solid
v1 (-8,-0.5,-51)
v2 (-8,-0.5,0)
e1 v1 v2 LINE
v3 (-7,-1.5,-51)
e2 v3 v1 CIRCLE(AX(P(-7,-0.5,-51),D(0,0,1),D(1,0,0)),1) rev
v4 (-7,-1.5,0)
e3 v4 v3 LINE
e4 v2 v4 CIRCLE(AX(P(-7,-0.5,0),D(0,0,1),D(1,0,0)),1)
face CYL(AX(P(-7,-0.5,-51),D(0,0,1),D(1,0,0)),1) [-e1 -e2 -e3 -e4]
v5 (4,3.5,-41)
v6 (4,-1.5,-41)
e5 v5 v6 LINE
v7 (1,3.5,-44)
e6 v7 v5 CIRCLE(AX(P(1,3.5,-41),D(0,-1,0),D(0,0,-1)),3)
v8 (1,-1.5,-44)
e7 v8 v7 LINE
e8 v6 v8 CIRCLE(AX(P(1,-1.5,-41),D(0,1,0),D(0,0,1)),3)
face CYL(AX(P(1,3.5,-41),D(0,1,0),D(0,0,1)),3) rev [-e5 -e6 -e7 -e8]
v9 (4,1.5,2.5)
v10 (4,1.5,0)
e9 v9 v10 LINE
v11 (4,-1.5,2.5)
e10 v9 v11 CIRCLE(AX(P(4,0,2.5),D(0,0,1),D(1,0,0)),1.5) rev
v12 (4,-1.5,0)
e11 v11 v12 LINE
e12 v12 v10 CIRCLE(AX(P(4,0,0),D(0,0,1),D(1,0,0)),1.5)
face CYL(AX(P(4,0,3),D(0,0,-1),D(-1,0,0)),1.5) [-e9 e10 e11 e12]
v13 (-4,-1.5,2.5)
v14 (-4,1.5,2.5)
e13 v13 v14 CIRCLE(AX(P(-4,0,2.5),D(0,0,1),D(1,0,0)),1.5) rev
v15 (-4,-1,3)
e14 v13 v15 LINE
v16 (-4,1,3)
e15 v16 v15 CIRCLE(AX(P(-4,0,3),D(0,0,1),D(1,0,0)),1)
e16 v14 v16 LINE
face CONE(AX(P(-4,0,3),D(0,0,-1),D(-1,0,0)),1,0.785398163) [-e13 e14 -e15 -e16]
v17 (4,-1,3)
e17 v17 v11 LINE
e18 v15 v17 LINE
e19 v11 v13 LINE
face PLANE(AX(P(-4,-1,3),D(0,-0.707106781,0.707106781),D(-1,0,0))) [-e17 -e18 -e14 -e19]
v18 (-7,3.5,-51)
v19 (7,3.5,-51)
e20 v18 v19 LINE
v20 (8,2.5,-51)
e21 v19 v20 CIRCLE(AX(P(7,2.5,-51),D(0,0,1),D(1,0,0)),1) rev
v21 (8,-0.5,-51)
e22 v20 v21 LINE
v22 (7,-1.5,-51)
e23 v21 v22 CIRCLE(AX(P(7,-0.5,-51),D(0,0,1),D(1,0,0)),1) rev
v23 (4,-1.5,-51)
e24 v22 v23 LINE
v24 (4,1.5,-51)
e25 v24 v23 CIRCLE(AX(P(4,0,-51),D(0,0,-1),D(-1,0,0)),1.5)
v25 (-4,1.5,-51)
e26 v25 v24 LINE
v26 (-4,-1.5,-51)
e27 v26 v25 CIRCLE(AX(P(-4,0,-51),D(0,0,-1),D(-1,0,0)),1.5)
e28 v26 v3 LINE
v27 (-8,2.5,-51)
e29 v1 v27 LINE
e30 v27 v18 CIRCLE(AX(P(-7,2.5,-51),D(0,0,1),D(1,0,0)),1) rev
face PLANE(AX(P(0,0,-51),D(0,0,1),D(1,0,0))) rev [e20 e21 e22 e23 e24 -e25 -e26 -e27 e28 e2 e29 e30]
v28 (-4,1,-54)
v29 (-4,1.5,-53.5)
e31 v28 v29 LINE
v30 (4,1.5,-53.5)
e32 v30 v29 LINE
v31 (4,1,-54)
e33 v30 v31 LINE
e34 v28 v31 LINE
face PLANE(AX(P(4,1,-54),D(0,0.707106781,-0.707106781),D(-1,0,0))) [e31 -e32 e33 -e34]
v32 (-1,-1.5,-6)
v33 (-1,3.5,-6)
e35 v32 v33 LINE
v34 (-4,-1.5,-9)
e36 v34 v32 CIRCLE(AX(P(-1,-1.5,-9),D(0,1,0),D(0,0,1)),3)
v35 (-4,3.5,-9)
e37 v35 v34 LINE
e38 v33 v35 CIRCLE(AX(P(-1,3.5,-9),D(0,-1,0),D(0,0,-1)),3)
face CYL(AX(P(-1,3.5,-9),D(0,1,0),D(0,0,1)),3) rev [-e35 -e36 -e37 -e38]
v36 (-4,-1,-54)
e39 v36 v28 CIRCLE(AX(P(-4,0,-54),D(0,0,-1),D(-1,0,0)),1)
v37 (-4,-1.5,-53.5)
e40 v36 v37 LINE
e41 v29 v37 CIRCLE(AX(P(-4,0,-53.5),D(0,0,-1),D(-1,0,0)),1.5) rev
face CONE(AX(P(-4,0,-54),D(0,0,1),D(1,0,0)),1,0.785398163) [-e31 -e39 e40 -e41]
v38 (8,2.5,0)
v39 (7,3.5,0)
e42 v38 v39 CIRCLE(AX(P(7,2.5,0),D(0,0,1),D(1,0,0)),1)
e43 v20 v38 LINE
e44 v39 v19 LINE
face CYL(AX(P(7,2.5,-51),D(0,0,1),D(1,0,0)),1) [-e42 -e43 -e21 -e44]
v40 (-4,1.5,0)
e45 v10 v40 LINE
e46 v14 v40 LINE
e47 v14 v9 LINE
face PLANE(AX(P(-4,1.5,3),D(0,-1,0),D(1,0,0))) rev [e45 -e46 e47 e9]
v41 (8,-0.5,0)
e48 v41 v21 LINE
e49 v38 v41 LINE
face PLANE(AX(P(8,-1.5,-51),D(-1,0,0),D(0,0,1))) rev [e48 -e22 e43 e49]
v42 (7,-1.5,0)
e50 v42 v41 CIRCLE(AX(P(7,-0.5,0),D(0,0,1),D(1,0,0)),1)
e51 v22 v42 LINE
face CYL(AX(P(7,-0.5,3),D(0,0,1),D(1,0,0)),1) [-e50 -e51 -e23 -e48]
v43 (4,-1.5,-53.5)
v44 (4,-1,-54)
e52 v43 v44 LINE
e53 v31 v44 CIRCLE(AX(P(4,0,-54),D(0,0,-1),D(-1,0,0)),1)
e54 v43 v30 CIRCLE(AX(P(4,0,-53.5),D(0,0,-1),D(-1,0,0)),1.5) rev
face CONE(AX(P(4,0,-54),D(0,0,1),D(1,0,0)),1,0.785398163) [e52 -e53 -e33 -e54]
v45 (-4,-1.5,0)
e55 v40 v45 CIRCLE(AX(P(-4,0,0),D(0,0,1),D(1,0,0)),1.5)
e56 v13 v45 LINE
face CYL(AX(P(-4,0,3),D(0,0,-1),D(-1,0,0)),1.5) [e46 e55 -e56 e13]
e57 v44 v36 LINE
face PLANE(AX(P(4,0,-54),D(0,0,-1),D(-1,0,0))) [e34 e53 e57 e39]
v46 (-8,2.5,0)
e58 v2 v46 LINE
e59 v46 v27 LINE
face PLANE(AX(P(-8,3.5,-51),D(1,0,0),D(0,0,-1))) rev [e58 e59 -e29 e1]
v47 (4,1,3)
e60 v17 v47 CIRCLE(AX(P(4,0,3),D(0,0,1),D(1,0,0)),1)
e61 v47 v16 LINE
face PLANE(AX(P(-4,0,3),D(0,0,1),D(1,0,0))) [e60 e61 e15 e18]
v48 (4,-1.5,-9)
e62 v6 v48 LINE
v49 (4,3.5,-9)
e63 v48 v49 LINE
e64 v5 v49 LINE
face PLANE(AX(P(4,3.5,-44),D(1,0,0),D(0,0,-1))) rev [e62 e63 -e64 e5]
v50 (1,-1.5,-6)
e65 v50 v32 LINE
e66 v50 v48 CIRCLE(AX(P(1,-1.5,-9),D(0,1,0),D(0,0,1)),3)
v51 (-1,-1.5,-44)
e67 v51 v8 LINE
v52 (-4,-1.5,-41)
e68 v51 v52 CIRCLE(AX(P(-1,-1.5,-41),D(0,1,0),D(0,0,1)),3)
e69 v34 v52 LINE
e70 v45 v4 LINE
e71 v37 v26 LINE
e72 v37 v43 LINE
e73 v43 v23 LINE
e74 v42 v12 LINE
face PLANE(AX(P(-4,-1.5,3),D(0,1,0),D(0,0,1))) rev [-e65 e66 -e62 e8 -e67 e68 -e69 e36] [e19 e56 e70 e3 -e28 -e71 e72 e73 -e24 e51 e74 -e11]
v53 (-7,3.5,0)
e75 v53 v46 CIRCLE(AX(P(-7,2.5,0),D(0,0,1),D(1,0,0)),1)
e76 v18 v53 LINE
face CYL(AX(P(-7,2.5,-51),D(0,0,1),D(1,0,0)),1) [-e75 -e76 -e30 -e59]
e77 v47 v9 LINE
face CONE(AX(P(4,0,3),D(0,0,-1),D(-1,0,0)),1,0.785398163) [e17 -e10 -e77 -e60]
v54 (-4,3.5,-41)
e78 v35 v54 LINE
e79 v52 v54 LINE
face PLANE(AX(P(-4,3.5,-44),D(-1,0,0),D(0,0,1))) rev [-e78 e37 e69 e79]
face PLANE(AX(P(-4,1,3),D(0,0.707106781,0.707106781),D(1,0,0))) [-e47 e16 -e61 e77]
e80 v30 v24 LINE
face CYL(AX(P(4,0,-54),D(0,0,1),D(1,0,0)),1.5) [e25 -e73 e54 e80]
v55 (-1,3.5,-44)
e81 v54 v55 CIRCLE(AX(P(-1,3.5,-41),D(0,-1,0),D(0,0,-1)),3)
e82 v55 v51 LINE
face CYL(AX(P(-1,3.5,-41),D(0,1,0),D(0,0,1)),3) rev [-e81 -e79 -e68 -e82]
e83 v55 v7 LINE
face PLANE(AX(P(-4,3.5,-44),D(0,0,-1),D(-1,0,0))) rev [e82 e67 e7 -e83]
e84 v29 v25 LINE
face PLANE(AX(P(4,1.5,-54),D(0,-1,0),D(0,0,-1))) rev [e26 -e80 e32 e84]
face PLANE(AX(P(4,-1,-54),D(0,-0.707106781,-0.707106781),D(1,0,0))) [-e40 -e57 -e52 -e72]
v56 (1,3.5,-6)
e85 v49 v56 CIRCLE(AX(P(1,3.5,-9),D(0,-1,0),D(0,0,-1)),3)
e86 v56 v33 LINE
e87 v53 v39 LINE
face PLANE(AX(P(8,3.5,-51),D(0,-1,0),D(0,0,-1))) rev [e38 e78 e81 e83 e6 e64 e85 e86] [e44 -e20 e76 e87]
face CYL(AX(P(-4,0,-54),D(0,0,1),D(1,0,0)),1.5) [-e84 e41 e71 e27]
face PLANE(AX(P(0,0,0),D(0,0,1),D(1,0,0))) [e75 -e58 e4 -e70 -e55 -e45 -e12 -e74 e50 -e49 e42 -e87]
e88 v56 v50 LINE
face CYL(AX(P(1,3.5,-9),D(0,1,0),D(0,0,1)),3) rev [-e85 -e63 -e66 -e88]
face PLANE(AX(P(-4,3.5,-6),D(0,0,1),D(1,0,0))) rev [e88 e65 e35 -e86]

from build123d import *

# Parameters (mm, degrees)
EXTRUDE_1_DEPTH     = 3
SKETCH_2_W          = 16
SKETCH_2_H          = 5
EXTRUDE_2_DEPTH     = 51
EXTRUDE_START       = 3
EXTRUDE_3_DEPTH     = 3
FILLET_1_R          = 1
CHAMFER_1_SIZE      = 0.5
SKETCH_4_W          = 8
SKETCH_4_H          = 38
CUT_EXTRUDE_1_DEPTH = 55.817880295
FILLET_2_R          = 3


with BuildPart() as part:
    # 草图1 → 凸台-拉伸1 (new body)
    with BuildSketch(Plane.XY):
        with BuildLine():
            Line((-4, 1.5), (4, 1.5))
            ThreePointArc((4, 1.5), (5.5, 0), (4, -1.5))
            Line((4, -1.5), (-4, -1.5))
            ThreePointArc((-4, -1.5), (-5.5, 0), (-4, 1.5))
        make_face()
    extrude(amount=EXTRUDE_1_DEPTH)

    # 草图2 → 凸台-拉伸2 (add)
    with BuildSketch(Plane(origin=(0, 0, 0), x_dir=(-1, 0, 0), z_dir=(0, 0, -1))):
        with Locations((0, 1)):
            Rectangle(SKETCH_2_W, SKETCH_2_H)
    extrude(amount=EXTRUDE_2_DEPTH)

    # 草图3 → 凸台-拉伸3 (add)
    with BuildSketch(Plane(origin=(0, 0, -51), x_dir=(-1, 0, 0), z_dir=(0, 0, -1)).offset(EXTRUDE_START)):
        with BuildLine():
            Line((-4, 1.5), (4, 1.5))
            ThreePointArc((4, 1.5), (5.5, 0), (4, -1.5))
            Line((4, -1.5), (-4, -1.5))
            ThreePointArc((-4, -1.5), (-5.5, 0), (-4, 1.5))
        make_face()
    extrude(amount=-EXTRUDE_3_DEPTH)

    # 圆角1
    fillet_1_edges = [part.edges().sort_by_distance(p)[0] for p in [
        (-8, -1.5, -25.5),
        (-8, 3.5, -25.5),
        (8, 3.5, -25.5),
        (8, -1.5, -25.5),
    ]]
    fillet(fillet_1_edges, radius=FILLET_1_R)

    # 倒角1
    chamfer_1_edges = [part.edges().sort_by_distance(p)[0] for p in [
        (5.5, 0, 3),
        (0, 1.5, 3),
        (5.5, 0, -54),
        (0, -1.5, -54),
        (-5.5, 0, -54),
        (0, 1.5, -54),
        (-5.5, 0, 3),
        (0, -1.5, 3),
    ]]
    chamfer(chamfer_1_edges, length=CHAMFER_1_SIZE)

    # 草图4 → 切除-拉伸1 (cut, through all)
    with BuildSketch(Plane.XZ.offset(1.5)):
        with Locations((0, -25)):
            Rectangle(SKETCH_4_W, SKETCH_4_H)
    extrude(amount=-CUT_EXTRUDE_1_DEPTH, mode=Mode.SUBTRACT)

    # 圆角2
    fillet_2_edges = [part.edges().sort_by_distance(p)[0] for p in [
        (4, 1, -6),
        (4, 1, -44),
        (-4, 1, -44),
        (-4, 1, -6),
    ]]
    fillet(fillet_2_edges, radius=FILLET_2_R)


solid = part.part
